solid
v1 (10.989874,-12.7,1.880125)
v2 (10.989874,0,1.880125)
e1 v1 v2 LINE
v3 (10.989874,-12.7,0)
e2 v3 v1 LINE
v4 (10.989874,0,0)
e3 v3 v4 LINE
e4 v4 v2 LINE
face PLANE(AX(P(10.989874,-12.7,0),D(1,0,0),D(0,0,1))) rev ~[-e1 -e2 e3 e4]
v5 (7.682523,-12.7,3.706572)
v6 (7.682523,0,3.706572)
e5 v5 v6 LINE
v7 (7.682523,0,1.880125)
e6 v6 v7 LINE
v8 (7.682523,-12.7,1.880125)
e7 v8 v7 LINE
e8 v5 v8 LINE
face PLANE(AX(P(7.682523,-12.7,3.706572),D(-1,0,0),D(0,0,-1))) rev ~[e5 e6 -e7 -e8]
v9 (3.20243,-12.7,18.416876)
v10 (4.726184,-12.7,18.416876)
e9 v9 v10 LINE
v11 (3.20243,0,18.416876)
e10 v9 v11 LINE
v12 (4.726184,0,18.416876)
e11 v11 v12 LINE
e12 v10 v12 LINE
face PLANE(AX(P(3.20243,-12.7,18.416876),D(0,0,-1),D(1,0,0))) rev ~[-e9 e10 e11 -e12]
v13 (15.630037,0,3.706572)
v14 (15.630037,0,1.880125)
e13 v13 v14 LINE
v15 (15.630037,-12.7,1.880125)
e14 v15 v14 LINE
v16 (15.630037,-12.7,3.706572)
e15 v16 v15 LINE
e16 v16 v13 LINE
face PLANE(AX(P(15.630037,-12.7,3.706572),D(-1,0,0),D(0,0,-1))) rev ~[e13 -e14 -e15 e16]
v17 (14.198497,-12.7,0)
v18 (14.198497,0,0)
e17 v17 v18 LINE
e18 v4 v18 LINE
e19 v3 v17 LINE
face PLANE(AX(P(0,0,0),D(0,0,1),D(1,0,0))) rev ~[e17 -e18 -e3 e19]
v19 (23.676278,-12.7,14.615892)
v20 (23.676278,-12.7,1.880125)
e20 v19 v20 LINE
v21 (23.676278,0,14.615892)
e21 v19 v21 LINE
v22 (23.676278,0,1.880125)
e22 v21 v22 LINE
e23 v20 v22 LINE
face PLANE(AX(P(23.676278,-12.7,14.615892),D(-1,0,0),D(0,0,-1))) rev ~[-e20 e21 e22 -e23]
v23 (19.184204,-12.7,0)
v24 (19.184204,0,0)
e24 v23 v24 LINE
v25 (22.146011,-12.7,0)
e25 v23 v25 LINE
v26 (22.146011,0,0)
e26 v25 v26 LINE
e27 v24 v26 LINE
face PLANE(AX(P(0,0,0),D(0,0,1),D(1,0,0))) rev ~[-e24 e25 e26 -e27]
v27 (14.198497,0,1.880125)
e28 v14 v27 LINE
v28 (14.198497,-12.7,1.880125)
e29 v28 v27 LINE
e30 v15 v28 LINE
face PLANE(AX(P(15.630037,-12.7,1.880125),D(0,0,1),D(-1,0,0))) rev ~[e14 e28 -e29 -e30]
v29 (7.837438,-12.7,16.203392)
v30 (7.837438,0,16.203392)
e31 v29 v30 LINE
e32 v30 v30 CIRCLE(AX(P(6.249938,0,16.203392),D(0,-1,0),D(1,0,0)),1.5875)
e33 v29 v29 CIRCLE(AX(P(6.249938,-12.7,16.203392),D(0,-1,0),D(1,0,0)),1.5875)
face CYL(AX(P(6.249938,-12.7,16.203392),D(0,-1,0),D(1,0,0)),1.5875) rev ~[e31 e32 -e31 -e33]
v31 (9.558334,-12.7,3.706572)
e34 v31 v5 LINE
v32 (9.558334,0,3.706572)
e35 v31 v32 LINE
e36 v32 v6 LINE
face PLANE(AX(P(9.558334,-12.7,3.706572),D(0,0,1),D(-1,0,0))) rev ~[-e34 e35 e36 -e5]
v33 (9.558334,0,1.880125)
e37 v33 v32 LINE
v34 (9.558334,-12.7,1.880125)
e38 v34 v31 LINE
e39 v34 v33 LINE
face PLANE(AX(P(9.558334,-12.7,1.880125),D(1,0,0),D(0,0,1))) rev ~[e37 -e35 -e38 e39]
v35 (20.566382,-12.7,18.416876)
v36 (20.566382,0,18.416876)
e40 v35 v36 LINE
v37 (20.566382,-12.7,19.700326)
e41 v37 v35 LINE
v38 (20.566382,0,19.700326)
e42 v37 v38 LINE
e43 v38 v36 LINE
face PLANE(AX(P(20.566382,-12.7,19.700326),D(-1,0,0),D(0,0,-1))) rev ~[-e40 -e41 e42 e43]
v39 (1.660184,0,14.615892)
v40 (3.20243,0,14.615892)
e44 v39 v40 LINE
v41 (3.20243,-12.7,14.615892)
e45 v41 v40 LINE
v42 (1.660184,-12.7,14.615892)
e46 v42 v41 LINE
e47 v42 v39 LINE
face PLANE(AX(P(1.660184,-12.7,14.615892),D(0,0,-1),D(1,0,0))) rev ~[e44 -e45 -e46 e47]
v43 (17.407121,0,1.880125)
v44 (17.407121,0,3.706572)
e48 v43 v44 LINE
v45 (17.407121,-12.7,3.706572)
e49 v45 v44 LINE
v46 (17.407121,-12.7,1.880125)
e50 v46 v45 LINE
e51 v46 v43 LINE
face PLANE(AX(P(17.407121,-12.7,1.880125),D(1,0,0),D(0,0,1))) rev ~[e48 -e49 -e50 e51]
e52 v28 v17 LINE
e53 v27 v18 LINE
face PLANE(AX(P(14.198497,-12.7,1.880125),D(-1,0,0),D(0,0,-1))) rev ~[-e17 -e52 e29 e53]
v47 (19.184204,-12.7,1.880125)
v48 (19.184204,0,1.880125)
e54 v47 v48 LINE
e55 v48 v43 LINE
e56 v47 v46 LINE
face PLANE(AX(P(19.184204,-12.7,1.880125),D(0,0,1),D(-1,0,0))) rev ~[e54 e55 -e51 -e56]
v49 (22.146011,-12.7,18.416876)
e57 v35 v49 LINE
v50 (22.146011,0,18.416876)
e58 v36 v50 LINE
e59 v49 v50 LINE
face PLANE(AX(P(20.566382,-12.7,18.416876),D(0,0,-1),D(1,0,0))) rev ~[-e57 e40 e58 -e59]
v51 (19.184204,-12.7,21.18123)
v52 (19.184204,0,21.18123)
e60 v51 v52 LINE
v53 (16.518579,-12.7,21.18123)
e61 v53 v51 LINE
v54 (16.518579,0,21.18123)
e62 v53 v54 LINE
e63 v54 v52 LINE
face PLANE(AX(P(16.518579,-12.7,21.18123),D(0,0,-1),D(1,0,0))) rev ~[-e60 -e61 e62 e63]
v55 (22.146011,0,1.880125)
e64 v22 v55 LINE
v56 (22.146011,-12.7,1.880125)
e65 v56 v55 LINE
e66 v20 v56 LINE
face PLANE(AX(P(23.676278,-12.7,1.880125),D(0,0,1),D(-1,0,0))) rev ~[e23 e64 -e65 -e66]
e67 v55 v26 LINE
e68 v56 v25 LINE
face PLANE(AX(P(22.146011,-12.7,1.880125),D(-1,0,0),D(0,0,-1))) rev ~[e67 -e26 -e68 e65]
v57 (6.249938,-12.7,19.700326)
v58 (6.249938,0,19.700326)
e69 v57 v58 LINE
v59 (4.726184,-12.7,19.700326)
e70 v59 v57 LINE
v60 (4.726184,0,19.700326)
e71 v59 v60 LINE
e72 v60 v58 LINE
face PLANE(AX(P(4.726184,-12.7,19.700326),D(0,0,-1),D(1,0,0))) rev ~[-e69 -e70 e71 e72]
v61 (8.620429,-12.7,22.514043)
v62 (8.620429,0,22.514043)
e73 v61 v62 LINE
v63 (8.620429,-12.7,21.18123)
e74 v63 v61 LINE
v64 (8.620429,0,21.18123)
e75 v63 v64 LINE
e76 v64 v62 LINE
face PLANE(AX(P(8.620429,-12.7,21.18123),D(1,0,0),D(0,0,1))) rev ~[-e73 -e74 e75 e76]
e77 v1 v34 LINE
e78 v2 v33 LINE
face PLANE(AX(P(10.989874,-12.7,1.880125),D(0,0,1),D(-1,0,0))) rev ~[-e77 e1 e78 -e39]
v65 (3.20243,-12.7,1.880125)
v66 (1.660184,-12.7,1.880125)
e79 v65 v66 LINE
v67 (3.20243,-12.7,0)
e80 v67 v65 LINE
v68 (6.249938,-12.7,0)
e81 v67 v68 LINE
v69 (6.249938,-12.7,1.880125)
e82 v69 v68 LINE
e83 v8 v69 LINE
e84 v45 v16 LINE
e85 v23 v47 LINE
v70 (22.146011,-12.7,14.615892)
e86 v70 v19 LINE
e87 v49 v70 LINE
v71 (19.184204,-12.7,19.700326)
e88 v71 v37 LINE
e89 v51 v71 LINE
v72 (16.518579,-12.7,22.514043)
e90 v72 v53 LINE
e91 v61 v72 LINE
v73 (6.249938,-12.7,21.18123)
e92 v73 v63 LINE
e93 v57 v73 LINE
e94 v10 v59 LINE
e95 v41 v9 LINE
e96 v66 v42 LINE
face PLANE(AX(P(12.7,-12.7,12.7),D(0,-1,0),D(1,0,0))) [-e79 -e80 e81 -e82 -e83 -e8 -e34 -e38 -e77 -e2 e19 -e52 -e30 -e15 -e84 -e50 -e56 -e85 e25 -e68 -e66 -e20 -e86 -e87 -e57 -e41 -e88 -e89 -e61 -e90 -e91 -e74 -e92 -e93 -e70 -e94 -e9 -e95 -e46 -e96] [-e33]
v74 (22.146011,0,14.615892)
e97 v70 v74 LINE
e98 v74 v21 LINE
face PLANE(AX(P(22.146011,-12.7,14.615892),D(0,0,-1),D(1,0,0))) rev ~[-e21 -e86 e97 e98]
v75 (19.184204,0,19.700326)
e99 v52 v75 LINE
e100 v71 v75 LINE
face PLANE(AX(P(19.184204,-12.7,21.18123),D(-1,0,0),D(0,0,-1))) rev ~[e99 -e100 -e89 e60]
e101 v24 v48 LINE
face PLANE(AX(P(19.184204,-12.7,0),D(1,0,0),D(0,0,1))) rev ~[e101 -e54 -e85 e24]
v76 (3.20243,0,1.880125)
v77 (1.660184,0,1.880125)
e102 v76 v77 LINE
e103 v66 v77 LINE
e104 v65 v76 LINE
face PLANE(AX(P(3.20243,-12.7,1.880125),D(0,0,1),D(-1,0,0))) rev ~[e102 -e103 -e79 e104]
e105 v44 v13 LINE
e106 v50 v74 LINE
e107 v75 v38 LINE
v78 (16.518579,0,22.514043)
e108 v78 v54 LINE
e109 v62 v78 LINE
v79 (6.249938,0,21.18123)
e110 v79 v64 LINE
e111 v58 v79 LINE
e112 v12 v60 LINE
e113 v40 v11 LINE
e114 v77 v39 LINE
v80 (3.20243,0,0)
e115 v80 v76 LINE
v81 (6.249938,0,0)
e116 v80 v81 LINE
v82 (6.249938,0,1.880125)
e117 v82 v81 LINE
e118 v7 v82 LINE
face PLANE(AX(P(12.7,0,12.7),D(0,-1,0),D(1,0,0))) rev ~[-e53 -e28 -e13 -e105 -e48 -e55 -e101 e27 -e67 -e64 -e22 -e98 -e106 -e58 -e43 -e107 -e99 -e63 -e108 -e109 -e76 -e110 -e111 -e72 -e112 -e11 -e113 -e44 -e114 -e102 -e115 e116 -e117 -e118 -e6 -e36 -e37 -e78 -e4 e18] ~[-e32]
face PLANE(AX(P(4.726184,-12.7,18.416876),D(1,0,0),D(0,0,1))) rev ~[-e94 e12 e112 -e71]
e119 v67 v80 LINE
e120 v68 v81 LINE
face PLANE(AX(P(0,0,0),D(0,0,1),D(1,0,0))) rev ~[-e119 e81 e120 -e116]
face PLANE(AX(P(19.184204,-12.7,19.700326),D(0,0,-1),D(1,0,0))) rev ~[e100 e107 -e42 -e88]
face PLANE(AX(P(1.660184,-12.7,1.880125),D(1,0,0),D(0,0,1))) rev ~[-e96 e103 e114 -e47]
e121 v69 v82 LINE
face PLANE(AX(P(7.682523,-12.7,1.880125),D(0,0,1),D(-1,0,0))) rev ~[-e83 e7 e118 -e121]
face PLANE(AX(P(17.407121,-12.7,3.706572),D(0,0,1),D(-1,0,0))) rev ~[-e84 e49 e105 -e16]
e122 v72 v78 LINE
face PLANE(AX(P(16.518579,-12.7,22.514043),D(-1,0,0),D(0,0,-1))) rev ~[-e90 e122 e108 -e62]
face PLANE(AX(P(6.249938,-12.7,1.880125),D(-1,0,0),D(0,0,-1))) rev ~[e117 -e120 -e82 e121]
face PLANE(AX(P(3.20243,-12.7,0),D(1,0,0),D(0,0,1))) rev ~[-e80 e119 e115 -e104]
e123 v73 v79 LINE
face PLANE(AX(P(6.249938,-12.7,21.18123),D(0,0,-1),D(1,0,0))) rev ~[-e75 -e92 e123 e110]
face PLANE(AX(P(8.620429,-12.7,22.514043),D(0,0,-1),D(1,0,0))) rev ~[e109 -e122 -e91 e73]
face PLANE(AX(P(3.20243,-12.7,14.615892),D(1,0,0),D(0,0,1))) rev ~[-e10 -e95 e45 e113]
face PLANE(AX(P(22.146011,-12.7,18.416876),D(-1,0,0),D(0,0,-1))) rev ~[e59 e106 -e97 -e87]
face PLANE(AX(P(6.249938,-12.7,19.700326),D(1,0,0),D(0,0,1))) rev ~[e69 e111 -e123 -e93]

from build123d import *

# Parameters (mm, degrees)
F0_W     = 25.4
F0_H     = 25.4
F1_DEPTH = 12.7
F3_DEPTH = 12.7
F4_R     = 1.5875
F5_DEPTH = 12.7


with BuildPart() as f1:
    # F0 (on Front) → F1 (new body)
    with BuildSketch(Plane.XZ):
        with Locations((12.7, 12.7)):
            Rectangle(F0_W, F0_H)
    extrude(amount=F1_DEPTH)

    # F2 (on face) → F3 (cut)
    with BuildSketch(Plane.XZ.offset(12.7)):
        Polygon((0, 0), (3.20243, 0), (3.20243, 1.880125), (1.660184, 1.880125), (1.660184, 14.615892), (3.20243, 14.615892), (3.20243, 18.416876), (4.726184, 18.416876), (4.726184, 19.700326), (6.249938, 19.700326), (6.249938, 21.18123), (8.620429, 21.18123), (8.620429, 22.514043), (16.518579, 22.514043), (16.518579, 21.18123), (19.184204, 21.18123), (19.184204, 19.700326), (20.566382, 19.700326), (20.566382, 18.416876), (22.146011, 18.416876), (22.146011, 14.615892), (23.676278, 14.615892), (23.676278, 1.880125), (22.146011, 1.880125), (22.146011, 0), (25.4, 0), (25.4, 25.4), (0, 25.4), align=None)
        Polygon((14.198497, 1.880125), (14.198497, 0), (19.184204, 0), (19.184204, 1.880125), (17.407121, 1.880125), (17.407121, 3.706572), (15.630037, 3.706572), (15.630037, 1.880125), align=None)
        Polygon((6.249938, 1.880125), (6.249938, 0), (10.989874, 0), (10.989874, 1.880125), (9.558334, 1.880125), (9.558334, 3.706572), (7.682523, 3.706572), (7.682523, 1.880125), align=None)
    extrude(amount=-F3_DEPTH, mode=Mode.SUBTRACT)

    # F4 (on face) → F5 (cut)
    with BuildSketch(Plane.XZ.offset(12.7)):
        with Locations((6.249938, 16.203392)):
            Circle(F4_R)
    extrude(amount=-F5_DEPTH, mode=Mode.SUBTRACT)


solid = f1.part
